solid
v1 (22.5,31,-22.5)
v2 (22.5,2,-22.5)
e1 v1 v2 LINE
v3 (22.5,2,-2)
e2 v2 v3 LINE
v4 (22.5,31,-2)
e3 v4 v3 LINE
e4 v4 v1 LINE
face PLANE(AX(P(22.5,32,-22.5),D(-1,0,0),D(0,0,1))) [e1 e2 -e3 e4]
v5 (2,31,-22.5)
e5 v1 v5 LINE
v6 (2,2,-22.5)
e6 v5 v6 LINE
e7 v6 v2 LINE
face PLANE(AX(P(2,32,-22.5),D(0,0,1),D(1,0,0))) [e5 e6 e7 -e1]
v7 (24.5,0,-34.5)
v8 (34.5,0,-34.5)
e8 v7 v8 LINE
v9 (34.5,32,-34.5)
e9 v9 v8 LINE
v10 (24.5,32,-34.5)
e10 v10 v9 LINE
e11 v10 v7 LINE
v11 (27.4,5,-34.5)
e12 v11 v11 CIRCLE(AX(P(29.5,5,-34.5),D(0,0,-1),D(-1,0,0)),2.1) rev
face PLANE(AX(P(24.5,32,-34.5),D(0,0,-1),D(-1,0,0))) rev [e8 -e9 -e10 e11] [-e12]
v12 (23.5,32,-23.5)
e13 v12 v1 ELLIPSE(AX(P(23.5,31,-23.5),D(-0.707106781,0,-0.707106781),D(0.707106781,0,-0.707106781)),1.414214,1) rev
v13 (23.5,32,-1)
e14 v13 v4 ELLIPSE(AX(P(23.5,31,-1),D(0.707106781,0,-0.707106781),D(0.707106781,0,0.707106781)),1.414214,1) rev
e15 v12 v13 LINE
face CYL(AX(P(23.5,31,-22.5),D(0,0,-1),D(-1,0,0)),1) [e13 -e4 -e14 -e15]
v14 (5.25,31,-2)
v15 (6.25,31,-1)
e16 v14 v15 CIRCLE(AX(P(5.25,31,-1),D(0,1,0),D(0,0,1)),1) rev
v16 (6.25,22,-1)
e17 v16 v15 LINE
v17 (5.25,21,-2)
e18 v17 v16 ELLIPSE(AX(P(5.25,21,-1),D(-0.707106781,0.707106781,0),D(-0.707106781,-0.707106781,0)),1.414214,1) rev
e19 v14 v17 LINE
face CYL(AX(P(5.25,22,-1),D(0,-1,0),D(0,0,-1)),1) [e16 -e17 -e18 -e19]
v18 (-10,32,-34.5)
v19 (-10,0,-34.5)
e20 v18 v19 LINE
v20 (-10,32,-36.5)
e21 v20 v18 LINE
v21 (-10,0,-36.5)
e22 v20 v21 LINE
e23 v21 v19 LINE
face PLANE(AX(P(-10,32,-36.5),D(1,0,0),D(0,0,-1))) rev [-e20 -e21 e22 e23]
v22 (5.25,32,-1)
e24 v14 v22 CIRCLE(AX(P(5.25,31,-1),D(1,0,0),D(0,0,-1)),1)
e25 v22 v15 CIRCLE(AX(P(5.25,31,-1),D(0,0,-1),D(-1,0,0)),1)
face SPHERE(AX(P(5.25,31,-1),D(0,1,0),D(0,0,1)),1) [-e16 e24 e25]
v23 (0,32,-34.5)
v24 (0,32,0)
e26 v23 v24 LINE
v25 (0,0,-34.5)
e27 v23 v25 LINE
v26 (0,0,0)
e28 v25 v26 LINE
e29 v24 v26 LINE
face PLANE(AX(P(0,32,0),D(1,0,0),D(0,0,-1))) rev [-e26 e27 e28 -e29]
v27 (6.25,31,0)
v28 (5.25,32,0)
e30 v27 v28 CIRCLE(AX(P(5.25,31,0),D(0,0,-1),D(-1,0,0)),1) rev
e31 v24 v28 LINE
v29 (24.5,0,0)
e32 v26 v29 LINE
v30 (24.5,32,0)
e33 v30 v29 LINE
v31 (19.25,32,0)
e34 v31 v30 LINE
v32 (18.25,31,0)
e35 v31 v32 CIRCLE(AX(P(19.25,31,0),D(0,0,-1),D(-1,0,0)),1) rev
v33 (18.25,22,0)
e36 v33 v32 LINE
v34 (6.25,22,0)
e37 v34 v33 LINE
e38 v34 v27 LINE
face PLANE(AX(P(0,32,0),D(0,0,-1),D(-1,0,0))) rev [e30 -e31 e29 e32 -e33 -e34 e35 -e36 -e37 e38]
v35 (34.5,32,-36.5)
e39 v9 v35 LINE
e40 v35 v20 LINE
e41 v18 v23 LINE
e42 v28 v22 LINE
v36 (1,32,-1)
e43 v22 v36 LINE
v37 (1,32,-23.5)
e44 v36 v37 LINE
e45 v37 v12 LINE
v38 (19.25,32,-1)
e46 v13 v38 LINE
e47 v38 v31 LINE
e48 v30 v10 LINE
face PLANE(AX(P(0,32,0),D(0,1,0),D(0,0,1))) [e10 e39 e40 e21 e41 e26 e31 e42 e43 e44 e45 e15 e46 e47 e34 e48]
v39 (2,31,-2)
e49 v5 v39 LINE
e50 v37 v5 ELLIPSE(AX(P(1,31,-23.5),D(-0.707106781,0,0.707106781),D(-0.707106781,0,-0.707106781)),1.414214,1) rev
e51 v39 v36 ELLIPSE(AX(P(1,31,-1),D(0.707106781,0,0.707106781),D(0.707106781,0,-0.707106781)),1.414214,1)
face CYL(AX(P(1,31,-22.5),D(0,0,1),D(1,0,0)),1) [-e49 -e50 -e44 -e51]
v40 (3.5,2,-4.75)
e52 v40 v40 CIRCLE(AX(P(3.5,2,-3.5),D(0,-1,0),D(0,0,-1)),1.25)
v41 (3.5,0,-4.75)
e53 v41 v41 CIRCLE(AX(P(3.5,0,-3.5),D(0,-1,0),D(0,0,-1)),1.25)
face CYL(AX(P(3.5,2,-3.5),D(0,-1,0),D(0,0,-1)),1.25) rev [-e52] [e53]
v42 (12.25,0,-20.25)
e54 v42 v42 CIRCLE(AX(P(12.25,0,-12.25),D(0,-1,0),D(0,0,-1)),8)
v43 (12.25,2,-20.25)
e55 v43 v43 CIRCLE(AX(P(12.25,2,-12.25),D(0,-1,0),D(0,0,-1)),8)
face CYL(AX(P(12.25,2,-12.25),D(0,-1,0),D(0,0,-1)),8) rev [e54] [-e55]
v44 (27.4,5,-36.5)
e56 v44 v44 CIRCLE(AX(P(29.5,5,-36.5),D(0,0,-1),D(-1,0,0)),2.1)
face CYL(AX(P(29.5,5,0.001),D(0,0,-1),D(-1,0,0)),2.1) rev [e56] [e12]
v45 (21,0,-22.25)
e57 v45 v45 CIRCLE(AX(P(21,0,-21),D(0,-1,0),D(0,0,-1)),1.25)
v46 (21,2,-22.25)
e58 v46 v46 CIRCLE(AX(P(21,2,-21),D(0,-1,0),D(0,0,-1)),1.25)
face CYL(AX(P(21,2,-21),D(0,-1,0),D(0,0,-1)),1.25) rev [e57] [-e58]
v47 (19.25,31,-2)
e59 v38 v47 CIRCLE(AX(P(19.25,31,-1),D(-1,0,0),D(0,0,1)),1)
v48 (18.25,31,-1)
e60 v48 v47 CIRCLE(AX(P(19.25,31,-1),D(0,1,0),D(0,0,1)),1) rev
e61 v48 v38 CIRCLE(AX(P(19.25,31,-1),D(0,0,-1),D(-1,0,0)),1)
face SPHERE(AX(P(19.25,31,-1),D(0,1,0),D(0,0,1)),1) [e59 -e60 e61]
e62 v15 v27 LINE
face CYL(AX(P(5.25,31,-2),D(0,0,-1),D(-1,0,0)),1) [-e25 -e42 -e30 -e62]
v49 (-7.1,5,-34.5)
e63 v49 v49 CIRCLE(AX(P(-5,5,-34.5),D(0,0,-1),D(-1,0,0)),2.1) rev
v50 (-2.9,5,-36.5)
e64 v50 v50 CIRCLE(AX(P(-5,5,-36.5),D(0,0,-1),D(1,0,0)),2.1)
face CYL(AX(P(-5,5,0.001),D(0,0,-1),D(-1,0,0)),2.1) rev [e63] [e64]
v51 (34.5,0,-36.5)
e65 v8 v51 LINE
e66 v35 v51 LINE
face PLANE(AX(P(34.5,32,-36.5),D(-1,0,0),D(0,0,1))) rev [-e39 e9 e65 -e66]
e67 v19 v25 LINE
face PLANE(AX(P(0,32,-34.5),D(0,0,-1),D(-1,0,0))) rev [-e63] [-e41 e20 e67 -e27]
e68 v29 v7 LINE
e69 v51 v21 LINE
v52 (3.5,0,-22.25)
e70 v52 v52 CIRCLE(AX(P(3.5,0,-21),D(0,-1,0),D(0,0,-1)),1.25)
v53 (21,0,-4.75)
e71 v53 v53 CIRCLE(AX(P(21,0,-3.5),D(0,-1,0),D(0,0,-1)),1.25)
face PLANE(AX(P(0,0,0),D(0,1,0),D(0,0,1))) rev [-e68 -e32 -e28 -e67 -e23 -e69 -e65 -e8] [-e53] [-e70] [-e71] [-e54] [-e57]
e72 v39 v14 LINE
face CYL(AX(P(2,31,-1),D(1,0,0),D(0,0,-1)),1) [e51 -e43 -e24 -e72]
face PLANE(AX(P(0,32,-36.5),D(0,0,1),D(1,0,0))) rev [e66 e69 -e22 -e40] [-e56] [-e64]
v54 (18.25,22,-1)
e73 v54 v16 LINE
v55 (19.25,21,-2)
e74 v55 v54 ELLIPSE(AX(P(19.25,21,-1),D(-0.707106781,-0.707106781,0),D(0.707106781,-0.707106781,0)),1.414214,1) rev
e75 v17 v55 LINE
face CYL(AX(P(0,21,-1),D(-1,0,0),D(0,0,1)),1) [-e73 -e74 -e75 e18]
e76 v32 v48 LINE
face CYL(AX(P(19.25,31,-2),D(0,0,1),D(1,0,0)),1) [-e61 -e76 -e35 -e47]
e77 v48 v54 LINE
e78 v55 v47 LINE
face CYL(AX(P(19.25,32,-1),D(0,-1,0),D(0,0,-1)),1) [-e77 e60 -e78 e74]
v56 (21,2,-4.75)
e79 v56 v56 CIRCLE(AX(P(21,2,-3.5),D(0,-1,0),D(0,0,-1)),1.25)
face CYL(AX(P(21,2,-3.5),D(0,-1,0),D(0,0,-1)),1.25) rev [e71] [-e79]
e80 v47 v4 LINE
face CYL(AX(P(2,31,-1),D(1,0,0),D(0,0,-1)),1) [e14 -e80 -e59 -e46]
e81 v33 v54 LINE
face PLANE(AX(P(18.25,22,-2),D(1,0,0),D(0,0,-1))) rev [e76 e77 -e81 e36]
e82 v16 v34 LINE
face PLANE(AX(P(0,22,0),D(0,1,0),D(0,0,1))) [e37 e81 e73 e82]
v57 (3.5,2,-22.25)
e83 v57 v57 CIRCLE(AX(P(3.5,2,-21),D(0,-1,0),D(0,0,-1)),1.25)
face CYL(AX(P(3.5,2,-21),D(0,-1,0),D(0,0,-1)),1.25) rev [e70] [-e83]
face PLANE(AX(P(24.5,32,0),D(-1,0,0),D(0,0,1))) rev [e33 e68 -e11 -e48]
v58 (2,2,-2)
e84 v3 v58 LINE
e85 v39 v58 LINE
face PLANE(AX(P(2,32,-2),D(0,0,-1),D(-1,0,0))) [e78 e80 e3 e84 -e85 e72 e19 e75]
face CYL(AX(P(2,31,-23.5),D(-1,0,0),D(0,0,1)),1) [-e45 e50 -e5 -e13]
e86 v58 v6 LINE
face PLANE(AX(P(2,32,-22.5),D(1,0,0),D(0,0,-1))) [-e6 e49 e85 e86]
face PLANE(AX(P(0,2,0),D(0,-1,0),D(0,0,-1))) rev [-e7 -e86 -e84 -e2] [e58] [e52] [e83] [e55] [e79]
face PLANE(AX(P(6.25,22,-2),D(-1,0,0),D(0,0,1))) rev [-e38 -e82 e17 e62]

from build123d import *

# Parameters (mm, degrees)
ESQUISSE1_W             = 20.5
ESQUISSE1_H             = 20.5
BOSS_EXTRU_1_DEPTH      = 32
ESQUISSE2_W             = 20.5
ESQUISSE2_H             = 20.5
ESQUISSE2_R             = 8
ESQUISSE2_R_2           = 1.25
BOSS_EXTRU_2_DEPTH      = 2
ESQUISSE4_W             = 12
ESQUISSE4_H             = 2
ENL_V_MAT_EXTRU_2_DEPTH = 10
CONG_1_R                = 1
ENL_V_MAT_EXTRU_3_REACH = 38.5
ESQUISSE5_R             = 2.1


with BuildPart() as part:
    # Esquisse1 → Boss.-Extru.1 (new body)
    with BuildSketch(Plane(origin=(0, 0, 0), x_dir=(1, 0, 0), z_dir=(0, 1, 0))):
        Polygon((0, 0), (24.5, 0), (24.5, 34.5), (34.5, 34.5), (34.5, 36.5), (24.5, 36.5), (0, 36.5), (-10, 36.5), (-10, 34.5), (0, 34.5), align=None)
        with Locations((12.25, 12.25)):
            Rectangle(ESQUISSE1_W, ESQUISSE1_H, mode=Mode.SUBTRACT)
    extrude(amount=BOSS_EXTRU_1_DEPTH)

    # Esquisse2 → Boss.-Extru.2 (add)
    with BuildSketch(Plane.XZ):
        with Locations((12.25, -12.25)):
            Rectangle(ESQUISSE2_W, ESQUISSE2_H)
        with Locations((12.25, -12.25)):
            Circle(ESQUISSE2_R, mode=Mode.SUBTRACT)
        with Locations((3.5, -3.5)):
            Circle(ESQUISSE2_R_2, mode=Mode.SUBTRACT)
        with Locations((21, -3.5)):
            Circle(ESQUISSE2_R_2, mode=Mode.SUBTRACT)
        with Locations((21, -21)):
            Circle(ESQUISSE2_R_2, mode=Mode.SUBTRACT)
        with Locations((3.5, -21)):
            Circle(ESQUISSE2_R_2, mode=Mode.SUBTRACT)
    extrude(amount=-BOSS_EXTRU_2_DEPTH)

    # Esquisse4 → Enlèv. mat.-Extru.2 (cut)
    with BuildSketch(Plane(origin=(0, 32, 0), x_dir=(1, 0, 0), z_dir=(0, 1, 0))):
        with Locations((12.25, 1)):
            Rectangle(ESQUISSE4_W, ESQUISSE4_H)
    extrude(amount=-ENL_V_MAT_EXTRU_2_DEPTH, mode=Mode.SUBTRACT)

    # Congé1
    cong_1_edges = [part.edges().sort_by_distance(p)[0] for p in [
        (2, 32, -12.25),
        (4.125, 32, -2),
        (22.5, 32, -12.25),
        (12.25, 32, -22.5),
        (20.375, 32, -2),
        (12.25, 22, -2),
        (6.25, 27, -2),
        (18.25, 27, -2),
        (6.25, 32, -1),
        (18.25, 32, -1),
    ]]
    fillet(cong_1_edges, radius=CONG_1_R)

    # Esquisse5 → Enlèv. mat.-Extru.3 (cut, up to next)
    with BuildSketch(Plane(origin=(0, 0, -36.5), x_dir=(-1, 0, 0), z_dir=(0, 0, -1)), mode=Mode.PRIVATE) as enl_v_mat_extru_3_sk1:
        with Locations((-29.5, 5)):
            Circle(ESQUISSE5_R)
    enl_v_mat_extru_3_tool1 = extrude(enl_v_mat_extru_3_sk1.sketch, amount=-ENL_V_MAT_EXTRU_3_REACH, mode=Mode.PRIVATE) & part.part
    add(enl_v_mat_extru_3_tool1.solids().sort_by_distance((29.5, 5, -36.5))[0], mode=Mode.SUBTRACT)
    # Esquisse5 → Enlèv. mat.-Extru.3 (cut, up to next)
    with BuildSketch(Plane(origin=(0, 0, -36.5), x_dir=(-1, 0, 0), z_dir=(0, 0, -1)), mode=Mode.PRIVATE) as enl_v_mat_extru_3_sk2:
        with Locations((5, 5)):
            Circle(ESQUISSE5_R)
    enl_v_mat_extru_3_tool2 = extrude(enl_v_mat_extru_3_sk2.sketch, amount=-ENL_V_MAT_EXTRU_3_REACH, mode=Mode.PRIVATE) & part.part
    add(enl_v_mat_extru_3_tool2.solids().sort_by_distance((-5, 5, -36.5))[0], mode=Mode.SUBTRACT)


solid = part.part
